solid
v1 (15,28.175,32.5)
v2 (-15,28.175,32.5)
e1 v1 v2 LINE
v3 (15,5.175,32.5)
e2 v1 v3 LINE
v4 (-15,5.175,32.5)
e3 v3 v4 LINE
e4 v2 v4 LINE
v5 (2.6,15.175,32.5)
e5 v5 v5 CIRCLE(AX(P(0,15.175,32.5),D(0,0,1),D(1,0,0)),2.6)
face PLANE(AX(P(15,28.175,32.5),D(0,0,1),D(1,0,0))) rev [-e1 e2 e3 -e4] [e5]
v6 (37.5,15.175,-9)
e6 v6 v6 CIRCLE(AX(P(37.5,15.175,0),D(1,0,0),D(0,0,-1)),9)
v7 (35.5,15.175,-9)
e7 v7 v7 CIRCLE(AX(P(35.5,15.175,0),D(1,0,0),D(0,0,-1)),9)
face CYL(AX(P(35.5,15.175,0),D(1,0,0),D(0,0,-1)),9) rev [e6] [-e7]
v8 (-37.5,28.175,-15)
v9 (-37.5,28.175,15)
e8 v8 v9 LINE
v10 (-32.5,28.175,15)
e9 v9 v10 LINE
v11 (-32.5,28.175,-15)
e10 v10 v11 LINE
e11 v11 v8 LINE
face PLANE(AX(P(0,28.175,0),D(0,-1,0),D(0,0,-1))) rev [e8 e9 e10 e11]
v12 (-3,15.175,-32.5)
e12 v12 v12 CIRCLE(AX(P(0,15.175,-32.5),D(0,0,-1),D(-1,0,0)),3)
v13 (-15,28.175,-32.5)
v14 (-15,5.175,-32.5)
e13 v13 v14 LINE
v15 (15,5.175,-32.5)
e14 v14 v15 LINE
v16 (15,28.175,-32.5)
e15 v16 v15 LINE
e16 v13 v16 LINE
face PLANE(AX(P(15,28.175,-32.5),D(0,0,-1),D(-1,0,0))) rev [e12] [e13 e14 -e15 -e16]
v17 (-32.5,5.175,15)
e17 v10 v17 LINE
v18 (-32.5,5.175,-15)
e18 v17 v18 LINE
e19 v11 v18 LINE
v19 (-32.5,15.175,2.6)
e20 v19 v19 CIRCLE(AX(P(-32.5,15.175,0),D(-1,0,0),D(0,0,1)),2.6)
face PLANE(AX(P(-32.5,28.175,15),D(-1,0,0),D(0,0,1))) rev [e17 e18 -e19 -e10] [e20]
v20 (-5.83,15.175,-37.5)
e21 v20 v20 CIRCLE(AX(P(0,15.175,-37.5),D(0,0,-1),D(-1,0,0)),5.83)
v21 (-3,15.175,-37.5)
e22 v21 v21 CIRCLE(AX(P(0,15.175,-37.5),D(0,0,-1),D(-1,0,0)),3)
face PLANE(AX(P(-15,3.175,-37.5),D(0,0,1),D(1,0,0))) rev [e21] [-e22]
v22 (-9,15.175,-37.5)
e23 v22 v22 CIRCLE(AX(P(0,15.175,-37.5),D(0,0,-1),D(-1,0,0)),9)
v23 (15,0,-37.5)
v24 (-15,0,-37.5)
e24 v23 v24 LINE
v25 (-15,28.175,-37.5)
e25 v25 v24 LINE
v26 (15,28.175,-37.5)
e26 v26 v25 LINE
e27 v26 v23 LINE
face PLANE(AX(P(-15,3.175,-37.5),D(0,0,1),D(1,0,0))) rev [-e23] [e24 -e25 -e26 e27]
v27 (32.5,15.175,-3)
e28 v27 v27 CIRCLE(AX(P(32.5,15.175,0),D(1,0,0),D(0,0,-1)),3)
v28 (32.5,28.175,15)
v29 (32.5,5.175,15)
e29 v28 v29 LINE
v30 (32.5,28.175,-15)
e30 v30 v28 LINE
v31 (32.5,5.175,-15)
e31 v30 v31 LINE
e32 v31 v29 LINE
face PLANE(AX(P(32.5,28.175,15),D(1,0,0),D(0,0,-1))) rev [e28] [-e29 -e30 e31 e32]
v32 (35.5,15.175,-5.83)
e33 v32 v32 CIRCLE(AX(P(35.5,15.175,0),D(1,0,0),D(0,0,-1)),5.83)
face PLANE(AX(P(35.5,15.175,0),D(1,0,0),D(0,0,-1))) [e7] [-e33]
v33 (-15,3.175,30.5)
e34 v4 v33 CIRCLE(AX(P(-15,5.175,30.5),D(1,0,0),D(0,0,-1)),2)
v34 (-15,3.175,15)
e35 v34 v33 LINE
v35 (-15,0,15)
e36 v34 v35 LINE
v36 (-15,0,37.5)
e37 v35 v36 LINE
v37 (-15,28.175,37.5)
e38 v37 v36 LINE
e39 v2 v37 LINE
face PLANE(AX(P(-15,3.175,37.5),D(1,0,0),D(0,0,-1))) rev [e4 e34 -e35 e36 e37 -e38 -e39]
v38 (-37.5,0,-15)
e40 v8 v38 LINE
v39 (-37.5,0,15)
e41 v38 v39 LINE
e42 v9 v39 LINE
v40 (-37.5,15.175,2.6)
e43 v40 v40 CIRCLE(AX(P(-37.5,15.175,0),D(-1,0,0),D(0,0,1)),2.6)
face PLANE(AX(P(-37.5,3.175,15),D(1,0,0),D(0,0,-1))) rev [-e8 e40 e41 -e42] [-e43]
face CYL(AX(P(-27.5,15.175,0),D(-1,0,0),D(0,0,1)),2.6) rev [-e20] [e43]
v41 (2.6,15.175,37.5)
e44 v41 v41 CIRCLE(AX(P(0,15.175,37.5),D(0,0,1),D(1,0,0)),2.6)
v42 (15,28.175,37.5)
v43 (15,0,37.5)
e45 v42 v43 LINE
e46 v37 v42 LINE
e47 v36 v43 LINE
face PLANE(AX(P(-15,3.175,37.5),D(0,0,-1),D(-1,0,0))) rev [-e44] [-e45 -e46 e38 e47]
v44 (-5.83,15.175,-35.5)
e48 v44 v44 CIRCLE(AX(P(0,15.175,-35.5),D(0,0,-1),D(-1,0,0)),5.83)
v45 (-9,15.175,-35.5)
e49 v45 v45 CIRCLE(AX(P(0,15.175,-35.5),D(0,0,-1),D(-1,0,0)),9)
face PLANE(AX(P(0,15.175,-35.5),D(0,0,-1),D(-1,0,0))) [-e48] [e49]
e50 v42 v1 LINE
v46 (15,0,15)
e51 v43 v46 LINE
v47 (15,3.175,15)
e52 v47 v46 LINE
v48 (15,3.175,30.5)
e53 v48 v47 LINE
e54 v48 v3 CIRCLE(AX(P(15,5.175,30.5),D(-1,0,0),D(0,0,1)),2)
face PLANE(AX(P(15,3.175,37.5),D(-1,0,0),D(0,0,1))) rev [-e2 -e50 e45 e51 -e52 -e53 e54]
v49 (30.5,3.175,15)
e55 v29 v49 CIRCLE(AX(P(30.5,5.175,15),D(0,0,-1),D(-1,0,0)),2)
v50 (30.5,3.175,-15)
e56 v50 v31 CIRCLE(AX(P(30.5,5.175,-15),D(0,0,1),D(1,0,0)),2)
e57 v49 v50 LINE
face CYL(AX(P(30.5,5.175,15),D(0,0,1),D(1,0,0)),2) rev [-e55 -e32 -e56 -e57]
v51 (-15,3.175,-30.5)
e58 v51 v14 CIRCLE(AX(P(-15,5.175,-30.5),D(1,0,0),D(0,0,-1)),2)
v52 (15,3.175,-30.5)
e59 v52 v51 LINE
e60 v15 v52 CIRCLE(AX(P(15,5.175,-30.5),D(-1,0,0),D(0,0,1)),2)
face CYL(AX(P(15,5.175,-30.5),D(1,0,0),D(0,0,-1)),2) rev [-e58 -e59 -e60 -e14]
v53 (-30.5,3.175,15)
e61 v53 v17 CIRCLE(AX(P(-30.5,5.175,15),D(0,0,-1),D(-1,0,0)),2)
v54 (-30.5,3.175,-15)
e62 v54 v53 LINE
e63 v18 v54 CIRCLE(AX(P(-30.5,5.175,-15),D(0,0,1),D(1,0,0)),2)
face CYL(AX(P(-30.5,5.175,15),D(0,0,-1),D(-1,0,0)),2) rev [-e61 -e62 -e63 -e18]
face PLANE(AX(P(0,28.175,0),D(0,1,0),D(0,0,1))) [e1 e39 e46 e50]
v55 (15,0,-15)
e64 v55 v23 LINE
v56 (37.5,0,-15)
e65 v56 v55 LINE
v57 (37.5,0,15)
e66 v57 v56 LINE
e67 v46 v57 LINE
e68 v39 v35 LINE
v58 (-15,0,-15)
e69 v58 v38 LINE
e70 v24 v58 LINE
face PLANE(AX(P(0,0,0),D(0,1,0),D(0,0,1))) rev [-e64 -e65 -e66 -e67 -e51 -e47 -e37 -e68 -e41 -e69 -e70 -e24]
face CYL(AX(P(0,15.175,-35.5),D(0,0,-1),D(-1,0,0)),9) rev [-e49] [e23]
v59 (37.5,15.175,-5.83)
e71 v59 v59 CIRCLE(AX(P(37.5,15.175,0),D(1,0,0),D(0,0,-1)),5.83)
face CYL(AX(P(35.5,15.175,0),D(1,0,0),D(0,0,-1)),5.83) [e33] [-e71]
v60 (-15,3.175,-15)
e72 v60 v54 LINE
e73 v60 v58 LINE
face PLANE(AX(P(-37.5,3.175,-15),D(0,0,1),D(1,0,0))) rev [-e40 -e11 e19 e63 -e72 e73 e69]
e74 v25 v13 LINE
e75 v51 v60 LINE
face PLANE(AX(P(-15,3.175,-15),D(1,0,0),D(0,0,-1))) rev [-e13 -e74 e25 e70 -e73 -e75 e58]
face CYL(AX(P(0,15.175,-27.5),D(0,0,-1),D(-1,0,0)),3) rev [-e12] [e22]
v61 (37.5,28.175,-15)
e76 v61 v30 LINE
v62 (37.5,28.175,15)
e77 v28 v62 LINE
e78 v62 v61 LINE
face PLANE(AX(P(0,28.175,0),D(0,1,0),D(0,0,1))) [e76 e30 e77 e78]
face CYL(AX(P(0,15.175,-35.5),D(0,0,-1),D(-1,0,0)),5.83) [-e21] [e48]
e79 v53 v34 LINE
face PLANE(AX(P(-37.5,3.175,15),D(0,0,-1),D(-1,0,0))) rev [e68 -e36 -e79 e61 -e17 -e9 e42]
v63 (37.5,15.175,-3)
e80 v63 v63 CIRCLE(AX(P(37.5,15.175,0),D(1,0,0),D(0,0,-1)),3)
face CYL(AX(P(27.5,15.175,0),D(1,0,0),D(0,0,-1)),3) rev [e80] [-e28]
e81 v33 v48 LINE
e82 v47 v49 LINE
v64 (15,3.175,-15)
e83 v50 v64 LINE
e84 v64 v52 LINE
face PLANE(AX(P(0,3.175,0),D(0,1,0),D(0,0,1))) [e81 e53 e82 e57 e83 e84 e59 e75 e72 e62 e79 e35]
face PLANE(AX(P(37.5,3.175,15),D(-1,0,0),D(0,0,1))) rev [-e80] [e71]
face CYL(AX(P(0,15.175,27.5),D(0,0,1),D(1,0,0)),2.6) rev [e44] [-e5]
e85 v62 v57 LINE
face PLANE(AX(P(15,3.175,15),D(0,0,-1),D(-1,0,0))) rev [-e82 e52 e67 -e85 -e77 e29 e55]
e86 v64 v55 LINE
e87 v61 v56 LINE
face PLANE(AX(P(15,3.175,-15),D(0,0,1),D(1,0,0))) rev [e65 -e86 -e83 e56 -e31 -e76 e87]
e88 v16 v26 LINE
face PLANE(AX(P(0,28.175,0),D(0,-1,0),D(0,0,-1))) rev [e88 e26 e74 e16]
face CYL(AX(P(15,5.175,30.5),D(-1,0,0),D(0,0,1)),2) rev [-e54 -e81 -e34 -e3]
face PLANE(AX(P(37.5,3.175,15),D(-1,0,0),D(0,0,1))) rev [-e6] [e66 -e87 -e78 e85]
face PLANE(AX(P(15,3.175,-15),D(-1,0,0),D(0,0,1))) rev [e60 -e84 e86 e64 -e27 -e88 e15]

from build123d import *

# Parameters (mm, degrees)
BOSS_EXTRUDE1_DEPTH = 3.175
SKETCH4_W           = 5
SKETCH4_H           = 30
BOSS_EXTRUDE3_DEPTH = 25
FILLET1_R           = 2
SKETCH5_W           = 30
SKETCH5_H           = 5
BOSS_EXTRUDE4_DEPTH = 25
FILLET2_R           = 2
SKETCH6_R           = 2.6
CUT_EXTRUDE1_DEPTH  = 10
CIRPATTERN1_COUNT   = 2
CIRPATTERN1_ANGLE   = 90
SKETCH7_R           = 3
CUT_EXTRUDE2_DEPTH  = 10
CIRPATTERN2_COUNT   = 2
CIRPATTERN2_ANGLE   = 90
SKETCH10_R          = 9
SKETCH10_R_2        = 5.83
CUT_EXTRUDE9_DEPTH  = 2
CIRPATTERN4_COUNT   = 2
CIRPATTERN4_ANGLE   = 270


with BuildPart() as part:
    # Sketch1 → Boss-Extrude1 (new body)
    with BuildSketch(Plane(origin=(0, 0, 0), x_dir=(1, 0, 0), z_dir=(0, 1, 0))):
        Polygon((-15, 15), (-15, 37.5), (15, 37.5), (15, 15), (37.5, 15), (37.5, -15), (15, -15), (15, -37.5), (-15, -37.5), (-15, -15), (-37.5, -15), (-37.5, 15), align=None)
    extrude(amount=BOSS_EXTRUDE1_DEPTH)

    # Sketch4 → Boss-Extrude3 (add)
    with BuildSketch(Plane(origin=(0, 3.175, 0), x_dir=(1, 0, 0), z_dir=(0, 1, 0))):
        with Locations((-35, 0)):
            Rectangle(SKETCH4_W, SKETCH4_H)
        with Locations((35, 0)):
            Rectangle(SKETCH4_W, SKETCH4_H)
    extrude(amount=BOSS_EXTRUDE3_DEPTH)

    # Fillet1
    fillet1_edges = [part.edges().sort_by_distance(p)[0] for p in [
        (-32.5, 3.175, 0),
        (32.5, 3.175, 0),
    ]]
    fillet(fillet1_edges, radius=FILLET1_R)

    # Sketch5 → Boss-Extrude4 (add)
    with BuildSketch(Plane(origin=(0, 3.175, 0), x_dir=(1, 0, 0), z_dir=(0, 1, 0))):
        with Locations((0, -35)):
            Rectangle(SKETCH5_W, SKETCH5_H)
        with Locations((0, 35)):
            Rectangle(SKETCH5_W, SKETCH5_H)
    extrude(amount=BOSS_EXTRUDE4_DEPTH)

    # Fillet2
    fillet2_edges = [part.edges().sort_by_distance(p)[0] for p in [
        (0, 3.175, 32.5),
        (0, 3.175, -32.5),
    ]]
    fillet(fillet2_edges, radius=FILLET2_R)

    # Sketch6 → Cut-Extrude1 (cut)
    with BuildSketch(Plane.ZY.offset(37.5)):
        with Locations((0, 15.175)):
            Circle(SKETCH6_R)
    cut_extrude1 = extrude(amount=-CUT_EXTRUDE1_DEPTH, mode=Mode.SUBTRACT)

    # CirPattern1: Cut-Extrude1 ×2 about axis
    cirpattern1_axis = Axis((0, 3.175, 0), (0, 1, 0))
    for i in range(1, CIRPATTERN1_COUNT):
        add(cut_extrude1.rotate(cirpattern1_axis, i * CIRPATTERN1_ANGLE / (CIRPATTERN1_COUNT - 1)), mode=Mode.SUBTRACT)

    # Sketch7 → Cut-Extrude2 (cut)
    with BuildSketch(Plane(origin=(37.5, 0, 0), x_dir=(0, 0, -1), z_dir=(1, 0, 0))):
        with Locations((0, 15.175)):
            Circle(SKETCH7_R)
    cut_extrude2 = extrude(amount=-CUT_EXTRUDE2_DEPTH, mode=Mode.SUBTRACT)

    # CirPattern2: Cut-Extrude2 ×2 about axis
    cirpattern2_axis = Axis((0, 3.175, 0), (0, 1, 0))
    for i in range(1, CIRPATTERN2_COUNT):
        add(cut_extrude2.rotate(cirpattern2_axis, i * CIRPATTERN2_ANGLE / (CIRPATTERN2_COUNT - 1)), mode=Mode.SUBTRACT)

    # Sketch10 → Cut-Extrude9 (cut)
    with BuildSketch(Plane(origin=(0, 0, -37.5), x_dir=(-1, 0, 0), z_dir=(0, 0, -1))):
        with Locations((0, 15.175)):
            Circle(SKETCH10_R)
        with Locations((0, 15.175)):
            Circle(SKETCH10_R_2, mode=Mode.SUBTRACT)
    cut_extrude9 = extrude(amount=-CUT_EXTRUDE9_DEPTH, mode=Mode.SUBTRACT)

    # CirPattern4: Cut-Extrude9 ×2 about axis
    cirpattern4_axis = Axis((0, 3.175, 0), (0, 1, 0))
    for i in range(1, CIRPATTERN4_COUNT):
        add(cut_extrude9.rotate(cirpattern4_axis, i * CIRPATTERN4_ANGLE / (CIRPATTERN4_COUNT - 1)), mode=Mode.SUBTRACT)


solid = part.part
